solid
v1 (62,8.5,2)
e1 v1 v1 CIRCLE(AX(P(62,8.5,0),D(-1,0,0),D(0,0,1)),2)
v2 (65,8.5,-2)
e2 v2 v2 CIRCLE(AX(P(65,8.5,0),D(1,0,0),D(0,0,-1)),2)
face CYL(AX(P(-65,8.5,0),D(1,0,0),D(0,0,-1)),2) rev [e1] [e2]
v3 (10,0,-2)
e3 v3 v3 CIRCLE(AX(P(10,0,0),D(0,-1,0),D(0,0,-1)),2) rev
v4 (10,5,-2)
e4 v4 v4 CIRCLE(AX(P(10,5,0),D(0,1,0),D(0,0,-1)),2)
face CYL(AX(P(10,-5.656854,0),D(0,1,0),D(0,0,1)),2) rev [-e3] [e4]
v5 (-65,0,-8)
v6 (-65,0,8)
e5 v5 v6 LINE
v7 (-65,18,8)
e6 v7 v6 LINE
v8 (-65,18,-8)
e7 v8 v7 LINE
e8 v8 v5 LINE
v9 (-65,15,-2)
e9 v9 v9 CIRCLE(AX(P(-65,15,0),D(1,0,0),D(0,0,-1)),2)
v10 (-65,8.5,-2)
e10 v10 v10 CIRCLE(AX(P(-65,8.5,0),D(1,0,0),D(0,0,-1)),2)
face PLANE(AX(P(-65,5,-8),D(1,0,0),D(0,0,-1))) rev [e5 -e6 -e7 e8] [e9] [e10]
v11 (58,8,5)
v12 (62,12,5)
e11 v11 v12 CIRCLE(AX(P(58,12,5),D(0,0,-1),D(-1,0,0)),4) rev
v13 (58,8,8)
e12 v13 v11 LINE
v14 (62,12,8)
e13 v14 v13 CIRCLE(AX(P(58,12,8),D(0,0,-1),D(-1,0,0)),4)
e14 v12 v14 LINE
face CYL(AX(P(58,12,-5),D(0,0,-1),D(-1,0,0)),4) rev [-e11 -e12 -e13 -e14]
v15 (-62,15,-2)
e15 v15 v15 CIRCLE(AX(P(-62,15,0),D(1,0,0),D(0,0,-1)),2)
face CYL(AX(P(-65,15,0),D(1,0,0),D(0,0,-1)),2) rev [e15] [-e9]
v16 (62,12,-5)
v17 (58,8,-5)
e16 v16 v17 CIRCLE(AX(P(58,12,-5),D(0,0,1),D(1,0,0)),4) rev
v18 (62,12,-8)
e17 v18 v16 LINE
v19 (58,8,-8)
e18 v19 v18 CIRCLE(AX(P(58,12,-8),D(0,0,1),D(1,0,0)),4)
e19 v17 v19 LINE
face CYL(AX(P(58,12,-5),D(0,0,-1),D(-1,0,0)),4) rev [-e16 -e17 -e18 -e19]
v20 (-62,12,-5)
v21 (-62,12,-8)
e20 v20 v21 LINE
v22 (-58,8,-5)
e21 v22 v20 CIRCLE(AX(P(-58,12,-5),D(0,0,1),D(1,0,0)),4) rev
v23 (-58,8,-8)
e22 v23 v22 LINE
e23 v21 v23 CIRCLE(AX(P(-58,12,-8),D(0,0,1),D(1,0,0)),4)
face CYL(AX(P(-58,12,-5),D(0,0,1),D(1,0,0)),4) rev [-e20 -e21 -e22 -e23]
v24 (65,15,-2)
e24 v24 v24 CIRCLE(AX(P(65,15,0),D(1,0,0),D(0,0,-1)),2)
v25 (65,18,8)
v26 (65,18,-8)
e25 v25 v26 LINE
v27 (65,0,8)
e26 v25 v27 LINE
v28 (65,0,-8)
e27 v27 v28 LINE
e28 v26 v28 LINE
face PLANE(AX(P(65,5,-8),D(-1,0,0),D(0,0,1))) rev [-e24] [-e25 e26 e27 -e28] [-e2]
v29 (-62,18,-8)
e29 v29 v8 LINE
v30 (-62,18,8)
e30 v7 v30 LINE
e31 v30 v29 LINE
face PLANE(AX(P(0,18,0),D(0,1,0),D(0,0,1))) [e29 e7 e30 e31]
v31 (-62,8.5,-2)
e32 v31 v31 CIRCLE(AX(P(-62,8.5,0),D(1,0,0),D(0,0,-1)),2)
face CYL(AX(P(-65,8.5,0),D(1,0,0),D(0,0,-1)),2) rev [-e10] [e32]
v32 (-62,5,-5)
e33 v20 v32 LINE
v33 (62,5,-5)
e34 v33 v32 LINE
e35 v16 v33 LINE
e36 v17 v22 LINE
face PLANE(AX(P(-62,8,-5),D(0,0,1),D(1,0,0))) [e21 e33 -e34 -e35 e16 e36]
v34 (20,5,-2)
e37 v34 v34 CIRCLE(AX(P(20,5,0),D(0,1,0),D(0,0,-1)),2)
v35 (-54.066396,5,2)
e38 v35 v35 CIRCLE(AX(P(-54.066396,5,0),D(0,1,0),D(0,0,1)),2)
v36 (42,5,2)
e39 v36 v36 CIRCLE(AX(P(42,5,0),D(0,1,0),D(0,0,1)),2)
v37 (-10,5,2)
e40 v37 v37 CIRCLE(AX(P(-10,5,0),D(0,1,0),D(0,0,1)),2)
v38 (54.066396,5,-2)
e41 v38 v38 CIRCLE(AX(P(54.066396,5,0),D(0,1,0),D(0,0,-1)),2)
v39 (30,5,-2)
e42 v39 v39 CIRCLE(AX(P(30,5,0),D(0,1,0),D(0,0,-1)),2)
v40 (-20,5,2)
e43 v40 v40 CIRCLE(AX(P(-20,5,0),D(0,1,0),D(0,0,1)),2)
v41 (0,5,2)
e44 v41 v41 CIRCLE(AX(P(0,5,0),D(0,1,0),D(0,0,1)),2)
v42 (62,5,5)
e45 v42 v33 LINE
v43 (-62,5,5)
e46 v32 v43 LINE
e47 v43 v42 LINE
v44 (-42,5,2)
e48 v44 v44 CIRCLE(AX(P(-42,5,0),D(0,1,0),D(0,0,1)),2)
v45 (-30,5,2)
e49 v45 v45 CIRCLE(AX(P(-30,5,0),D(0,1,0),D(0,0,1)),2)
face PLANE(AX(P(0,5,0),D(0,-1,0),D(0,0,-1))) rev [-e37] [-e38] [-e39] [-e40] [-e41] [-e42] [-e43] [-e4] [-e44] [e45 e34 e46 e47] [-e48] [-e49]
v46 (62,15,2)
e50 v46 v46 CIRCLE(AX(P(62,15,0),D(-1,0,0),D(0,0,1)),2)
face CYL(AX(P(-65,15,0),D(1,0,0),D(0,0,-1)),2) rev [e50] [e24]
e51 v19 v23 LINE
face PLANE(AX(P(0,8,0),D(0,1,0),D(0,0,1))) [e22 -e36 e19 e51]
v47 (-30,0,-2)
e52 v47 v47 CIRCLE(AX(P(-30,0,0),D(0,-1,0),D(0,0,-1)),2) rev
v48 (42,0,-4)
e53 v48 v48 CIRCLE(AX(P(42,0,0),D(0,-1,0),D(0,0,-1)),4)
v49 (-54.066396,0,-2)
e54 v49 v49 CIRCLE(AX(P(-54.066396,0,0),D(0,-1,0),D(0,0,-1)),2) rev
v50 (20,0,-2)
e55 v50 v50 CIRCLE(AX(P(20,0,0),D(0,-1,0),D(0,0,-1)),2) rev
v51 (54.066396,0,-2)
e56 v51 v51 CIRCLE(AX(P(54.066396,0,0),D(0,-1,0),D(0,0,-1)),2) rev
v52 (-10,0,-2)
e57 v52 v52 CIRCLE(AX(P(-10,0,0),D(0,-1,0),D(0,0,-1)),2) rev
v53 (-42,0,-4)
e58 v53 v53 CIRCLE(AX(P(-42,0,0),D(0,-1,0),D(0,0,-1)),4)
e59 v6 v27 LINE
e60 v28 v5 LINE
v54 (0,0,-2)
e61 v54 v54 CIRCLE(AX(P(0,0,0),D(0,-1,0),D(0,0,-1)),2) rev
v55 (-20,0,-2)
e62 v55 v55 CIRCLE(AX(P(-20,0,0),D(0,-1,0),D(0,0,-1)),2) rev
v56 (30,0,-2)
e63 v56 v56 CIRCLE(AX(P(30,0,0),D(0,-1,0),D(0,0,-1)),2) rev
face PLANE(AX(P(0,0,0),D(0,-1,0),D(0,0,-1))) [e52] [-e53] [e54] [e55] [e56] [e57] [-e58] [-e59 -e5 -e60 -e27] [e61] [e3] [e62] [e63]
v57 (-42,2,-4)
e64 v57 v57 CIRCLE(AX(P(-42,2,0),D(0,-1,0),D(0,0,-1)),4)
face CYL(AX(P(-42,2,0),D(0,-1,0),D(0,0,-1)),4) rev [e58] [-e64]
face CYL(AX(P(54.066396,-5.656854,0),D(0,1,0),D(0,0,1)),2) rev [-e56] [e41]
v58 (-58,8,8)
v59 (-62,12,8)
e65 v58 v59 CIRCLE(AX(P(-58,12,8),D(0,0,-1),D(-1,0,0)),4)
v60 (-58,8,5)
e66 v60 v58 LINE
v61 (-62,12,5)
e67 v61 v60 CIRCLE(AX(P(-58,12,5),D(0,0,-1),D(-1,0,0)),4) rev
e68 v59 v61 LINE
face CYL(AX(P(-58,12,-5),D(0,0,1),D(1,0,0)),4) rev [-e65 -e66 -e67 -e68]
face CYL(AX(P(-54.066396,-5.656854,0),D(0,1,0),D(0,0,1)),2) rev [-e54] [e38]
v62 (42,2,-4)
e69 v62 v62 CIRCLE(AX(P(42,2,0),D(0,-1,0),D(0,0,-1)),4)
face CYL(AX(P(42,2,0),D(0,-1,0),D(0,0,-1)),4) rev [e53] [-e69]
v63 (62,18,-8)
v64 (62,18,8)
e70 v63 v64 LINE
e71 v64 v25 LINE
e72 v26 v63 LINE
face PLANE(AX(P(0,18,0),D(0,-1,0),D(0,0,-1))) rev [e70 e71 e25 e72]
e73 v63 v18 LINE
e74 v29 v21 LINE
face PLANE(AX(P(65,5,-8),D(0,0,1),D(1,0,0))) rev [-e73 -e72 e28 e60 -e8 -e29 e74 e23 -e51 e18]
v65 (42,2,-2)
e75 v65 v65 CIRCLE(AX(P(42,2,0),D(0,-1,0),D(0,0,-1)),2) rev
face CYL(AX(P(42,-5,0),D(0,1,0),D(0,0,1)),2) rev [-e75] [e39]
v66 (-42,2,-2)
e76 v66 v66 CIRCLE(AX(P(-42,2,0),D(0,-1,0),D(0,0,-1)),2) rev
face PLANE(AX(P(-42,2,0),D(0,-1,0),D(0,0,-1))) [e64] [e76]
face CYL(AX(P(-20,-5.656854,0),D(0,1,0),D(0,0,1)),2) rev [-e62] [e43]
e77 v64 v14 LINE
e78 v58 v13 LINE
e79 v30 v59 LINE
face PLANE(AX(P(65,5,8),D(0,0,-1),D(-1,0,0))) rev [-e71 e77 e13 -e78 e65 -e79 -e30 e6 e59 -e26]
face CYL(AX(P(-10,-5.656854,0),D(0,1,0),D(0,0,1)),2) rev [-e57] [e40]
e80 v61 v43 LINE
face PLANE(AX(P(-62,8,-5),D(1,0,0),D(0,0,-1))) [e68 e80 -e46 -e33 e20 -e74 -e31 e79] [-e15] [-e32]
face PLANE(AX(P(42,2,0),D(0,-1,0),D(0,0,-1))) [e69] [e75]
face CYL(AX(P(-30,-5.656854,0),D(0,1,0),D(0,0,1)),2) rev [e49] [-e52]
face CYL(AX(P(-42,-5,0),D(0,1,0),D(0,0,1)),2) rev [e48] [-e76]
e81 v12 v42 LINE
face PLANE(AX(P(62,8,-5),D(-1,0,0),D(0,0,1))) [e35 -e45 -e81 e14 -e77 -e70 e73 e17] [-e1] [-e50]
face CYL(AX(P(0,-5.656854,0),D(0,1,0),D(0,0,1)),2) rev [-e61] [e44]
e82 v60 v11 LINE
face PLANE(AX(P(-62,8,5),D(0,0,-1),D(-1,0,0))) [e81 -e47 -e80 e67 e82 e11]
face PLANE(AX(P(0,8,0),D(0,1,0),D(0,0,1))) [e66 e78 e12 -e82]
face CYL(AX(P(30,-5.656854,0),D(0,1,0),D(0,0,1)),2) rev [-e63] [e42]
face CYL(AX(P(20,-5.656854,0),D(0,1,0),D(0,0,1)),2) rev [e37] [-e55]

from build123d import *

# Parameters (mm, degrees)
SKETCH1_W               = 130
SKETCH1_H               = 16
BOSS_EXTRUDE1_DEPTH     = 5
SKETCH2_W               = 130
SKETCH2_H               = 16
SKETCH2_W_2             = 124
SKETCH2_H_2             = 10
BOSS_EXTRUDE2_DEPTH     = 3
SKETCH3_W               = 3
SKETCH3_H               = 16
BOSS_EXTRUDE3_DEPTH     = 10
FILLET1_R               = 4
SKETCH4_R               = 2
CUT_EXTRUDE1_DEPTH      = 10
SKETCH6_R               = 4
CUT_EXTRUDE2_DEPTH      = 2
SKETCH7_R               = 2
CUT_EXTRUDE3_DEPTH      = 5
CUT_EXTRUDE4_DEPTH      = 129.518481161
CUT_EXTRUDE4_DEPTH_BACK = 129.518481161
SKETCH8_R               = 2


with BuildPart() as part:
    # Sketch1 → Boss-Extrude1 (new body)
    with BuildSketch(Plane(origin=(0, 0, 0), x_dir=(1, 0, 0), z_dir=(0, 1, 0))):
        Rectangle(SKETCH1_W, SKETCH1_H)
    extrude(amount=BOSS_EXTRUDE1_DEPTH)

    # Sketch2 → Boss-Extrude2 (add)
    with BuildSketch(Plane(origin=(0, 5, 0), x_dir=(1, 0, 0), z_dir=(0, 1, 0))):
        Rectangle(SKETCH2_W, SKETCH2_H)
        Rectangle(SKETCH2_W_2, SKETCH2_H_2, mode=Mode.SUBTRACT)
    extrude(amount=BOSS_EXTRUDE2_DEPTH)

    # Sketch3 → Boss-Extrude3 (add)
    with BuildSketch(Plane(origin=(0, 8, 0), x_dir=(1, 0, 0), z_dir=(0, 1, 0))):
        with Locations((-63.5, 0)):
            Rectangle(SKETCH3_W, SKETCH3_H)
        with Locations((63.5, 0)):
            Rectangle(SKETCH3_W, SKETCH3_H)
    extrude(amount=BOSS_EXTRUDE3_DEPTH)

    # Fillet1
    fillet1_edges = [part.edges().sort_by_distance(p)[0] for p in [
        (-62, 8, -6.5),
        (-62, 8, 6.5),
        (62, 8, -6.5),
        (62, 8, 6.5),
    ]]
    fillet(fillet1_edges, radius=FILLET1_R)

    # Sketch4 → Cut-Extrude1 (cut)
    with BuildSketch(Plane(origin=(0, 5, 0), x_dir=(1, 0, 0), z_dir=(0, 1, 0))):
        with Locations(Location((42, 0, 0), (0, 0, 270))):
            Circle(SKETCH4_R)
        with Locations(Location((-42, 0, 0), (0, 0, 270))):
            Circle(SKETCH4_R)
    extrude(amount=-CUT_EXTRUDE1_DEPTH, mode=Mode.SUBTRACT)

    # Sketch6 → Cut-Extrude2 (cut)
    with BuildSketch(Plane.XZ):
        with Locations(Location((42, 0, 0), (0, 0, 270))):
            Circle(SKETCH6_R)
        with Locations(Location((-42, 0, 0), (0, 0, 270))):
            Circle(SKETCH6_R)
    extrude(amount=-CUT_EXTRUDE2_DEPTH, mode=Mode.SUBTRACT)

    # Sketch7 → Cut-Extrude3 (cut)
    with BuildSketch(Plane(origin=(0, 5, 0), x_dir=(1, 0, 0), z_dir=(0, 1, 0))):
        with Locations(Location((0, 0, 0), (0, 0, 270))):
            Circle(SKETCH7_R)
        with Locations(Location((-10, 0, 0), (0, 0, 270))):
            Circle(SKETCH7_R)
        with Locations(Location((-20, 0, 0), (0, 0, 270))):
            Circle(SKETCH7_R)
        with Locations(Location((-30, 0, 0), (0, 0, 270))):
            Circle(SKETCH7_R)
        with Locations(Location((-54.066395838, 0, 0), (0, 0, 270))):
            Circle(SKETCH7_R)
        with Locations(Location((54.066395838, 0, 0), (0, 0, 90))):
            Circle(SKETCH7_R)
        with Locations(Location((30, 0, 0), (0, 0, 90))):
            Circle(SKETCH7_R)
        with Locations(Location((20, 0, 0), (0, 0, 90))):
            Circle(SKETCH7_R)
        with Locations(Location((10, 0, 0), (0, 0, 90))):
            Circle(SKETCH7_R)
    extrude(amount=-CUT_EXTRUDE3_DEPTH, mode=Mode.SUBTRACT)

    # Sketch8 → Cut-Extrude4 (cut, two sides: drawn at the far end of the back side and taken through both)
    with BuildSketch(Plane(origin=(-62, 0, 0), x_dir=(0, 0, -1), z_dir=(1, 0, 0)).offset(-CUT_EXTRUDE4_DEPTH_BACK)):
        with Locations((0, 8.5)):
            Circle(SKETCH8_R)
        with Locations((0, 15)):
            Circle(SKETCH8_R)
    extrude(amount=CUT_EXTRUDE4_DEPTH + CUT_EXTRUDE4_DEPTH_BACK, mode=Mode.SUBTRACT)


solid = part.part
